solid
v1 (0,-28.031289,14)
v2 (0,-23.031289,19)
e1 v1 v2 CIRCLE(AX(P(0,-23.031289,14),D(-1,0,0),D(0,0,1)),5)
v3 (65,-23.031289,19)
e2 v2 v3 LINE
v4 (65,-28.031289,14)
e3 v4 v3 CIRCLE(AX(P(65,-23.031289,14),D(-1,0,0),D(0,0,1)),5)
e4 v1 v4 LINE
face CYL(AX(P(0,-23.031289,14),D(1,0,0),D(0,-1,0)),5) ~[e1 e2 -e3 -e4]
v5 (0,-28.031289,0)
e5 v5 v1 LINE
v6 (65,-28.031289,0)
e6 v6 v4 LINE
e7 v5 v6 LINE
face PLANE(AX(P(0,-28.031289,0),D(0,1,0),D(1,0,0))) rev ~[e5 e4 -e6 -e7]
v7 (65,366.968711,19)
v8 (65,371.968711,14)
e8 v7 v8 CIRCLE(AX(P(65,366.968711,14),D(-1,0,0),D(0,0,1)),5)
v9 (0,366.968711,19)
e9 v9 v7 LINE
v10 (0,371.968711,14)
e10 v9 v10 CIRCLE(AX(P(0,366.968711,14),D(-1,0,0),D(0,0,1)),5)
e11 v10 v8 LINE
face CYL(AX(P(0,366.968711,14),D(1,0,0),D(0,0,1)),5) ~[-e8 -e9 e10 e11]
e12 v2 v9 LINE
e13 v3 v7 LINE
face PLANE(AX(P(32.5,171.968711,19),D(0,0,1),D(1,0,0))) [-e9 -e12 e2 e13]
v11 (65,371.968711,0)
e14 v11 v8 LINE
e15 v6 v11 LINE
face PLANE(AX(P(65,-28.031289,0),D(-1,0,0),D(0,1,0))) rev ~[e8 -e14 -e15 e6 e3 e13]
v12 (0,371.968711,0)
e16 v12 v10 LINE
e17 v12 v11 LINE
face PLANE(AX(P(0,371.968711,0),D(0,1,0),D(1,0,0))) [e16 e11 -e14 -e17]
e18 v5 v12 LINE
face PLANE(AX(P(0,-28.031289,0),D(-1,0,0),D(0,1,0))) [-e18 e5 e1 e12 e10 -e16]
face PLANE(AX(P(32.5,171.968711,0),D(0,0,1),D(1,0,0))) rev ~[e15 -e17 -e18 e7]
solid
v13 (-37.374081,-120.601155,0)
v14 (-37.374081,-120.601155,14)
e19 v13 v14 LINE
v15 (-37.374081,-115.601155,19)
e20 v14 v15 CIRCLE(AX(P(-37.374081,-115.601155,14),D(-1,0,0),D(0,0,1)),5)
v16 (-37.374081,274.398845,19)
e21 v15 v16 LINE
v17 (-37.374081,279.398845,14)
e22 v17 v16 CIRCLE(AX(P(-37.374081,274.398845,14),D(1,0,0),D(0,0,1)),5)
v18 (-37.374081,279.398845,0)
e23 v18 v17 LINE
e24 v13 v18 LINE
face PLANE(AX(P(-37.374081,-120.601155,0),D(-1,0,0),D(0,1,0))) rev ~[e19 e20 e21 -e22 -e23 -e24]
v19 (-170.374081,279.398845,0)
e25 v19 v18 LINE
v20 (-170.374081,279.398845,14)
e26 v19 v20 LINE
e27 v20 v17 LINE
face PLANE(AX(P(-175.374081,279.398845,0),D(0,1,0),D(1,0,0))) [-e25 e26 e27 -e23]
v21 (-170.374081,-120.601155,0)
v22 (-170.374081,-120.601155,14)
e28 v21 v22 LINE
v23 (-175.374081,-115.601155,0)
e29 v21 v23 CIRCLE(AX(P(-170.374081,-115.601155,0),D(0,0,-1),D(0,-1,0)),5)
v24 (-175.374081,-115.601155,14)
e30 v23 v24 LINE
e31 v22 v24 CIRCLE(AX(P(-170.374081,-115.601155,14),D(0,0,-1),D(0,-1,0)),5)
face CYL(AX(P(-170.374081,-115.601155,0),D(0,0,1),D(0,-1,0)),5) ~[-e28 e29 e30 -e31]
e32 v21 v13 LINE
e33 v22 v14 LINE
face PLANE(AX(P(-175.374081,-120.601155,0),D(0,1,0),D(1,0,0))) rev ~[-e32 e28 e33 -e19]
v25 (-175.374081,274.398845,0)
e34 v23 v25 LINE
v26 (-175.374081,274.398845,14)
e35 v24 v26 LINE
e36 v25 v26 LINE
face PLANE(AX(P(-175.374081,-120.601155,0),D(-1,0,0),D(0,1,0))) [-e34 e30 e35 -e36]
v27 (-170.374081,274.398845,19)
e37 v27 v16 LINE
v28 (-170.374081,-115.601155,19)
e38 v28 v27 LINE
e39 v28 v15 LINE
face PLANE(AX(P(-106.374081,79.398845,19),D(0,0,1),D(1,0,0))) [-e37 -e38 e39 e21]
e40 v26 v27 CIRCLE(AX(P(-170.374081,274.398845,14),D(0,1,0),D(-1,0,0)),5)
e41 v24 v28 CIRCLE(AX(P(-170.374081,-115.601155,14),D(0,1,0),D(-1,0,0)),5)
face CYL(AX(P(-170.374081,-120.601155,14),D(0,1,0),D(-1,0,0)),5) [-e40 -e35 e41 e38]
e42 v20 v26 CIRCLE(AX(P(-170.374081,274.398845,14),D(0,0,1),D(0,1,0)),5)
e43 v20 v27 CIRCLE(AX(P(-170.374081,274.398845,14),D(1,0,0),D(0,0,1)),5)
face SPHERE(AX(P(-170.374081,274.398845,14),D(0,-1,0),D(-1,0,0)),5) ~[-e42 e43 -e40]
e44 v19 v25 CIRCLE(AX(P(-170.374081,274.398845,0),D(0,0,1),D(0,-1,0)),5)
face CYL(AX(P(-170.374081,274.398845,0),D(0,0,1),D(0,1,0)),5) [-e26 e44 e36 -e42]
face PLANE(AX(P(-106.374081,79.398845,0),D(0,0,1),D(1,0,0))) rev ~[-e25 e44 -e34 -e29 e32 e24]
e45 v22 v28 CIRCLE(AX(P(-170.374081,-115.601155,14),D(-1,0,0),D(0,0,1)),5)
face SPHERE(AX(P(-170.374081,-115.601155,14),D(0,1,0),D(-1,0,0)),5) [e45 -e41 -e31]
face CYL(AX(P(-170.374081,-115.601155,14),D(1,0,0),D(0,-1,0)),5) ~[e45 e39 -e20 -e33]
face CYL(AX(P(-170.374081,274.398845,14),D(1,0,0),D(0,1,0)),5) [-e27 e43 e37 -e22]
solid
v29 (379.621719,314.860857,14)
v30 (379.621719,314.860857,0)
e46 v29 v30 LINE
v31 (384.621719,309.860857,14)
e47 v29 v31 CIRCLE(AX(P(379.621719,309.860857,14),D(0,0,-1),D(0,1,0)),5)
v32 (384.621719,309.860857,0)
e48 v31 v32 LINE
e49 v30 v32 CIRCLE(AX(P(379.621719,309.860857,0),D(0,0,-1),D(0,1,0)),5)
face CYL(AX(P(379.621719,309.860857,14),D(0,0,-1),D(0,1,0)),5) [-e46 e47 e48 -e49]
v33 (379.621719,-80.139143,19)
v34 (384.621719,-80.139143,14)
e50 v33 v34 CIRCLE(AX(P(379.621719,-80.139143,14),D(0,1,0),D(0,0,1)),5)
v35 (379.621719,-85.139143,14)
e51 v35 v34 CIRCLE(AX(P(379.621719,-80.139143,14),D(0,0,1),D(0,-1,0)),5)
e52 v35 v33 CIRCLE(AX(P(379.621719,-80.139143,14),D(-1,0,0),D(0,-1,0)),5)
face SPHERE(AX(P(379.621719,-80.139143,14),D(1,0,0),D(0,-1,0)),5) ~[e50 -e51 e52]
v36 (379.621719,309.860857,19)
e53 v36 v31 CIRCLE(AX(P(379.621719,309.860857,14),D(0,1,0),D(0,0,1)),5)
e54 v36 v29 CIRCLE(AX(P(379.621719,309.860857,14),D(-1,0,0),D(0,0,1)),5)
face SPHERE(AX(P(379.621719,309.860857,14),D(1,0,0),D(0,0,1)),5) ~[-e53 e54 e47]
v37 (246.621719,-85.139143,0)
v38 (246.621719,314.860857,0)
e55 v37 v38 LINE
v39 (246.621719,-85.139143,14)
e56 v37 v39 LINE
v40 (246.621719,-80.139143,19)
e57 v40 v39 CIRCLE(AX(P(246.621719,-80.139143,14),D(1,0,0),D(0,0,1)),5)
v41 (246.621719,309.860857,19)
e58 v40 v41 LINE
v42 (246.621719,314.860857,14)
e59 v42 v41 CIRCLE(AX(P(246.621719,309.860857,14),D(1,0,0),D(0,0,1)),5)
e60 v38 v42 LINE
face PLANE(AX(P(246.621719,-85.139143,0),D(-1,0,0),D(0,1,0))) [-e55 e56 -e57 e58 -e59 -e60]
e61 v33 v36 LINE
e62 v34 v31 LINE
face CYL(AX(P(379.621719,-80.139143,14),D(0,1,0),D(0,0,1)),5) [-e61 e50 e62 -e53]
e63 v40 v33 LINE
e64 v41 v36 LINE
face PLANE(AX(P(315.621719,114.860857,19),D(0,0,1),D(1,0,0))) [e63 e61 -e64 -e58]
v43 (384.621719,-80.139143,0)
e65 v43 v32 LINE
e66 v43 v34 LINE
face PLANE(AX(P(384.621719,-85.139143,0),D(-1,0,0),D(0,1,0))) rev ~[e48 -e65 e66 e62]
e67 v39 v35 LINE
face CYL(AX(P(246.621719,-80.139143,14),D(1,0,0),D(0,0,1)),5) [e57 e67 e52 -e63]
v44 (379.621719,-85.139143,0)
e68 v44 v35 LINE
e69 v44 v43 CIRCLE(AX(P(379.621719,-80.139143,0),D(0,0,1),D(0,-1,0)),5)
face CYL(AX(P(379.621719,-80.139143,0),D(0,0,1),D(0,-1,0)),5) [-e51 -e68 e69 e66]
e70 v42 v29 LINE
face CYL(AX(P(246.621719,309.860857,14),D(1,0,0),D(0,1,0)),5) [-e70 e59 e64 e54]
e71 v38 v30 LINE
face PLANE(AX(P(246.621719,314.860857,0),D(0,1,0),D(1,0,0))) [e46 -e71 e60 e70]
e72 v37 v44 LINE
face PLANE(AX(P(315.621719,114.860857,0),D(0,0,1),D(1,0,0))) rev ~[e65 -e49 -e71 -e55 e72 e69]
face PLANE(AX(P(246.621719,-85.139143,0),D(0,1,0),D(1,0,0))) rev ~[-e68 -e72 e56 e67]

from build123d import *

# Parameters (mm, degrees)
F0_W     = 138
F0_H     = 400
F2_W     = 65
F2_H     = 400
F1_W     = 138
F1_H     = 400
F3_DEPTH = 19
F4_R     = 5
F5_R     = 5
F6_R     = 5
F7_R     = 5
F8_R     = 5
F9_R     = 5
F10_R    = 5


with BuildPart() as f3:
    # F0 (on Top) + F2 (on Top) + F1 (on Top) → F3 (new body)
    with BuildSketch(Plane.XY):
        with Locations((-106.374081, 79.398845)):
            Rectangle(F0_W, F0_H)
    with BuildSketch(Plane.XY):
        with Locations((32.5, 171.968711)):
            Rectangle(F2_W, F2_H)
    with BuildSketch(Plane.XY):
        with Locations((315.621719, 114.860857)):
            Rectangle(F1_W, F1_H)
    extrude(amount=F3_DEPTH)

    # F4
    f4_edges = [f3.edges().sort_by_distance(p)[0] for p in [
        (-175.374081, 79.398845, 19),
    ]]
    fillet(f4_edges, radius=F4_R)

    # F5
    f5_edges = [f3.edges().sort_by_distance(p)[0] for p in [
        (-103.874081, -120.601155, 19),
        (32.5, -28.031289, 19),
    ]]
    fillet(f5_edges, radius=F5_R)

    # F6
    f6_edges = [f3.edges().sort_by_distance(p)[0] for p in [
        (-103.874081, 279.398845, 19),
    ]]
    fillet(f6_edges, radius=F6_R)

    # F7
    f7_edges = [f3.edges().sort_by_distance(p)[0] for p in [
        (32.5, 371.968711, 19),
    ]]
    fillet(f7_edges, radius=F7_R)

    # F8
    f8_edges = [f3.edges().sort_by_distance(p)[0] for p in [
        (315.621719, 314.860857, 19),
    ]]
    fillet(f8_edges, radius=F8_R)

    # F9
    f9_edges = [f3.edges().sort_by_distance(p)[0] for p in [
        (315.621719, -85.139143, 19),
    ]]
    fillet(f9_edges, radius=F9_R)

    # F10
    f10_edges = [f3.edges().sort_by_distance(p)[0] for p in [
        (384.621719, 114.860857, 19),
    ]]
    fillet(f10_edges, radius=F10_R)


solid = f3.part
